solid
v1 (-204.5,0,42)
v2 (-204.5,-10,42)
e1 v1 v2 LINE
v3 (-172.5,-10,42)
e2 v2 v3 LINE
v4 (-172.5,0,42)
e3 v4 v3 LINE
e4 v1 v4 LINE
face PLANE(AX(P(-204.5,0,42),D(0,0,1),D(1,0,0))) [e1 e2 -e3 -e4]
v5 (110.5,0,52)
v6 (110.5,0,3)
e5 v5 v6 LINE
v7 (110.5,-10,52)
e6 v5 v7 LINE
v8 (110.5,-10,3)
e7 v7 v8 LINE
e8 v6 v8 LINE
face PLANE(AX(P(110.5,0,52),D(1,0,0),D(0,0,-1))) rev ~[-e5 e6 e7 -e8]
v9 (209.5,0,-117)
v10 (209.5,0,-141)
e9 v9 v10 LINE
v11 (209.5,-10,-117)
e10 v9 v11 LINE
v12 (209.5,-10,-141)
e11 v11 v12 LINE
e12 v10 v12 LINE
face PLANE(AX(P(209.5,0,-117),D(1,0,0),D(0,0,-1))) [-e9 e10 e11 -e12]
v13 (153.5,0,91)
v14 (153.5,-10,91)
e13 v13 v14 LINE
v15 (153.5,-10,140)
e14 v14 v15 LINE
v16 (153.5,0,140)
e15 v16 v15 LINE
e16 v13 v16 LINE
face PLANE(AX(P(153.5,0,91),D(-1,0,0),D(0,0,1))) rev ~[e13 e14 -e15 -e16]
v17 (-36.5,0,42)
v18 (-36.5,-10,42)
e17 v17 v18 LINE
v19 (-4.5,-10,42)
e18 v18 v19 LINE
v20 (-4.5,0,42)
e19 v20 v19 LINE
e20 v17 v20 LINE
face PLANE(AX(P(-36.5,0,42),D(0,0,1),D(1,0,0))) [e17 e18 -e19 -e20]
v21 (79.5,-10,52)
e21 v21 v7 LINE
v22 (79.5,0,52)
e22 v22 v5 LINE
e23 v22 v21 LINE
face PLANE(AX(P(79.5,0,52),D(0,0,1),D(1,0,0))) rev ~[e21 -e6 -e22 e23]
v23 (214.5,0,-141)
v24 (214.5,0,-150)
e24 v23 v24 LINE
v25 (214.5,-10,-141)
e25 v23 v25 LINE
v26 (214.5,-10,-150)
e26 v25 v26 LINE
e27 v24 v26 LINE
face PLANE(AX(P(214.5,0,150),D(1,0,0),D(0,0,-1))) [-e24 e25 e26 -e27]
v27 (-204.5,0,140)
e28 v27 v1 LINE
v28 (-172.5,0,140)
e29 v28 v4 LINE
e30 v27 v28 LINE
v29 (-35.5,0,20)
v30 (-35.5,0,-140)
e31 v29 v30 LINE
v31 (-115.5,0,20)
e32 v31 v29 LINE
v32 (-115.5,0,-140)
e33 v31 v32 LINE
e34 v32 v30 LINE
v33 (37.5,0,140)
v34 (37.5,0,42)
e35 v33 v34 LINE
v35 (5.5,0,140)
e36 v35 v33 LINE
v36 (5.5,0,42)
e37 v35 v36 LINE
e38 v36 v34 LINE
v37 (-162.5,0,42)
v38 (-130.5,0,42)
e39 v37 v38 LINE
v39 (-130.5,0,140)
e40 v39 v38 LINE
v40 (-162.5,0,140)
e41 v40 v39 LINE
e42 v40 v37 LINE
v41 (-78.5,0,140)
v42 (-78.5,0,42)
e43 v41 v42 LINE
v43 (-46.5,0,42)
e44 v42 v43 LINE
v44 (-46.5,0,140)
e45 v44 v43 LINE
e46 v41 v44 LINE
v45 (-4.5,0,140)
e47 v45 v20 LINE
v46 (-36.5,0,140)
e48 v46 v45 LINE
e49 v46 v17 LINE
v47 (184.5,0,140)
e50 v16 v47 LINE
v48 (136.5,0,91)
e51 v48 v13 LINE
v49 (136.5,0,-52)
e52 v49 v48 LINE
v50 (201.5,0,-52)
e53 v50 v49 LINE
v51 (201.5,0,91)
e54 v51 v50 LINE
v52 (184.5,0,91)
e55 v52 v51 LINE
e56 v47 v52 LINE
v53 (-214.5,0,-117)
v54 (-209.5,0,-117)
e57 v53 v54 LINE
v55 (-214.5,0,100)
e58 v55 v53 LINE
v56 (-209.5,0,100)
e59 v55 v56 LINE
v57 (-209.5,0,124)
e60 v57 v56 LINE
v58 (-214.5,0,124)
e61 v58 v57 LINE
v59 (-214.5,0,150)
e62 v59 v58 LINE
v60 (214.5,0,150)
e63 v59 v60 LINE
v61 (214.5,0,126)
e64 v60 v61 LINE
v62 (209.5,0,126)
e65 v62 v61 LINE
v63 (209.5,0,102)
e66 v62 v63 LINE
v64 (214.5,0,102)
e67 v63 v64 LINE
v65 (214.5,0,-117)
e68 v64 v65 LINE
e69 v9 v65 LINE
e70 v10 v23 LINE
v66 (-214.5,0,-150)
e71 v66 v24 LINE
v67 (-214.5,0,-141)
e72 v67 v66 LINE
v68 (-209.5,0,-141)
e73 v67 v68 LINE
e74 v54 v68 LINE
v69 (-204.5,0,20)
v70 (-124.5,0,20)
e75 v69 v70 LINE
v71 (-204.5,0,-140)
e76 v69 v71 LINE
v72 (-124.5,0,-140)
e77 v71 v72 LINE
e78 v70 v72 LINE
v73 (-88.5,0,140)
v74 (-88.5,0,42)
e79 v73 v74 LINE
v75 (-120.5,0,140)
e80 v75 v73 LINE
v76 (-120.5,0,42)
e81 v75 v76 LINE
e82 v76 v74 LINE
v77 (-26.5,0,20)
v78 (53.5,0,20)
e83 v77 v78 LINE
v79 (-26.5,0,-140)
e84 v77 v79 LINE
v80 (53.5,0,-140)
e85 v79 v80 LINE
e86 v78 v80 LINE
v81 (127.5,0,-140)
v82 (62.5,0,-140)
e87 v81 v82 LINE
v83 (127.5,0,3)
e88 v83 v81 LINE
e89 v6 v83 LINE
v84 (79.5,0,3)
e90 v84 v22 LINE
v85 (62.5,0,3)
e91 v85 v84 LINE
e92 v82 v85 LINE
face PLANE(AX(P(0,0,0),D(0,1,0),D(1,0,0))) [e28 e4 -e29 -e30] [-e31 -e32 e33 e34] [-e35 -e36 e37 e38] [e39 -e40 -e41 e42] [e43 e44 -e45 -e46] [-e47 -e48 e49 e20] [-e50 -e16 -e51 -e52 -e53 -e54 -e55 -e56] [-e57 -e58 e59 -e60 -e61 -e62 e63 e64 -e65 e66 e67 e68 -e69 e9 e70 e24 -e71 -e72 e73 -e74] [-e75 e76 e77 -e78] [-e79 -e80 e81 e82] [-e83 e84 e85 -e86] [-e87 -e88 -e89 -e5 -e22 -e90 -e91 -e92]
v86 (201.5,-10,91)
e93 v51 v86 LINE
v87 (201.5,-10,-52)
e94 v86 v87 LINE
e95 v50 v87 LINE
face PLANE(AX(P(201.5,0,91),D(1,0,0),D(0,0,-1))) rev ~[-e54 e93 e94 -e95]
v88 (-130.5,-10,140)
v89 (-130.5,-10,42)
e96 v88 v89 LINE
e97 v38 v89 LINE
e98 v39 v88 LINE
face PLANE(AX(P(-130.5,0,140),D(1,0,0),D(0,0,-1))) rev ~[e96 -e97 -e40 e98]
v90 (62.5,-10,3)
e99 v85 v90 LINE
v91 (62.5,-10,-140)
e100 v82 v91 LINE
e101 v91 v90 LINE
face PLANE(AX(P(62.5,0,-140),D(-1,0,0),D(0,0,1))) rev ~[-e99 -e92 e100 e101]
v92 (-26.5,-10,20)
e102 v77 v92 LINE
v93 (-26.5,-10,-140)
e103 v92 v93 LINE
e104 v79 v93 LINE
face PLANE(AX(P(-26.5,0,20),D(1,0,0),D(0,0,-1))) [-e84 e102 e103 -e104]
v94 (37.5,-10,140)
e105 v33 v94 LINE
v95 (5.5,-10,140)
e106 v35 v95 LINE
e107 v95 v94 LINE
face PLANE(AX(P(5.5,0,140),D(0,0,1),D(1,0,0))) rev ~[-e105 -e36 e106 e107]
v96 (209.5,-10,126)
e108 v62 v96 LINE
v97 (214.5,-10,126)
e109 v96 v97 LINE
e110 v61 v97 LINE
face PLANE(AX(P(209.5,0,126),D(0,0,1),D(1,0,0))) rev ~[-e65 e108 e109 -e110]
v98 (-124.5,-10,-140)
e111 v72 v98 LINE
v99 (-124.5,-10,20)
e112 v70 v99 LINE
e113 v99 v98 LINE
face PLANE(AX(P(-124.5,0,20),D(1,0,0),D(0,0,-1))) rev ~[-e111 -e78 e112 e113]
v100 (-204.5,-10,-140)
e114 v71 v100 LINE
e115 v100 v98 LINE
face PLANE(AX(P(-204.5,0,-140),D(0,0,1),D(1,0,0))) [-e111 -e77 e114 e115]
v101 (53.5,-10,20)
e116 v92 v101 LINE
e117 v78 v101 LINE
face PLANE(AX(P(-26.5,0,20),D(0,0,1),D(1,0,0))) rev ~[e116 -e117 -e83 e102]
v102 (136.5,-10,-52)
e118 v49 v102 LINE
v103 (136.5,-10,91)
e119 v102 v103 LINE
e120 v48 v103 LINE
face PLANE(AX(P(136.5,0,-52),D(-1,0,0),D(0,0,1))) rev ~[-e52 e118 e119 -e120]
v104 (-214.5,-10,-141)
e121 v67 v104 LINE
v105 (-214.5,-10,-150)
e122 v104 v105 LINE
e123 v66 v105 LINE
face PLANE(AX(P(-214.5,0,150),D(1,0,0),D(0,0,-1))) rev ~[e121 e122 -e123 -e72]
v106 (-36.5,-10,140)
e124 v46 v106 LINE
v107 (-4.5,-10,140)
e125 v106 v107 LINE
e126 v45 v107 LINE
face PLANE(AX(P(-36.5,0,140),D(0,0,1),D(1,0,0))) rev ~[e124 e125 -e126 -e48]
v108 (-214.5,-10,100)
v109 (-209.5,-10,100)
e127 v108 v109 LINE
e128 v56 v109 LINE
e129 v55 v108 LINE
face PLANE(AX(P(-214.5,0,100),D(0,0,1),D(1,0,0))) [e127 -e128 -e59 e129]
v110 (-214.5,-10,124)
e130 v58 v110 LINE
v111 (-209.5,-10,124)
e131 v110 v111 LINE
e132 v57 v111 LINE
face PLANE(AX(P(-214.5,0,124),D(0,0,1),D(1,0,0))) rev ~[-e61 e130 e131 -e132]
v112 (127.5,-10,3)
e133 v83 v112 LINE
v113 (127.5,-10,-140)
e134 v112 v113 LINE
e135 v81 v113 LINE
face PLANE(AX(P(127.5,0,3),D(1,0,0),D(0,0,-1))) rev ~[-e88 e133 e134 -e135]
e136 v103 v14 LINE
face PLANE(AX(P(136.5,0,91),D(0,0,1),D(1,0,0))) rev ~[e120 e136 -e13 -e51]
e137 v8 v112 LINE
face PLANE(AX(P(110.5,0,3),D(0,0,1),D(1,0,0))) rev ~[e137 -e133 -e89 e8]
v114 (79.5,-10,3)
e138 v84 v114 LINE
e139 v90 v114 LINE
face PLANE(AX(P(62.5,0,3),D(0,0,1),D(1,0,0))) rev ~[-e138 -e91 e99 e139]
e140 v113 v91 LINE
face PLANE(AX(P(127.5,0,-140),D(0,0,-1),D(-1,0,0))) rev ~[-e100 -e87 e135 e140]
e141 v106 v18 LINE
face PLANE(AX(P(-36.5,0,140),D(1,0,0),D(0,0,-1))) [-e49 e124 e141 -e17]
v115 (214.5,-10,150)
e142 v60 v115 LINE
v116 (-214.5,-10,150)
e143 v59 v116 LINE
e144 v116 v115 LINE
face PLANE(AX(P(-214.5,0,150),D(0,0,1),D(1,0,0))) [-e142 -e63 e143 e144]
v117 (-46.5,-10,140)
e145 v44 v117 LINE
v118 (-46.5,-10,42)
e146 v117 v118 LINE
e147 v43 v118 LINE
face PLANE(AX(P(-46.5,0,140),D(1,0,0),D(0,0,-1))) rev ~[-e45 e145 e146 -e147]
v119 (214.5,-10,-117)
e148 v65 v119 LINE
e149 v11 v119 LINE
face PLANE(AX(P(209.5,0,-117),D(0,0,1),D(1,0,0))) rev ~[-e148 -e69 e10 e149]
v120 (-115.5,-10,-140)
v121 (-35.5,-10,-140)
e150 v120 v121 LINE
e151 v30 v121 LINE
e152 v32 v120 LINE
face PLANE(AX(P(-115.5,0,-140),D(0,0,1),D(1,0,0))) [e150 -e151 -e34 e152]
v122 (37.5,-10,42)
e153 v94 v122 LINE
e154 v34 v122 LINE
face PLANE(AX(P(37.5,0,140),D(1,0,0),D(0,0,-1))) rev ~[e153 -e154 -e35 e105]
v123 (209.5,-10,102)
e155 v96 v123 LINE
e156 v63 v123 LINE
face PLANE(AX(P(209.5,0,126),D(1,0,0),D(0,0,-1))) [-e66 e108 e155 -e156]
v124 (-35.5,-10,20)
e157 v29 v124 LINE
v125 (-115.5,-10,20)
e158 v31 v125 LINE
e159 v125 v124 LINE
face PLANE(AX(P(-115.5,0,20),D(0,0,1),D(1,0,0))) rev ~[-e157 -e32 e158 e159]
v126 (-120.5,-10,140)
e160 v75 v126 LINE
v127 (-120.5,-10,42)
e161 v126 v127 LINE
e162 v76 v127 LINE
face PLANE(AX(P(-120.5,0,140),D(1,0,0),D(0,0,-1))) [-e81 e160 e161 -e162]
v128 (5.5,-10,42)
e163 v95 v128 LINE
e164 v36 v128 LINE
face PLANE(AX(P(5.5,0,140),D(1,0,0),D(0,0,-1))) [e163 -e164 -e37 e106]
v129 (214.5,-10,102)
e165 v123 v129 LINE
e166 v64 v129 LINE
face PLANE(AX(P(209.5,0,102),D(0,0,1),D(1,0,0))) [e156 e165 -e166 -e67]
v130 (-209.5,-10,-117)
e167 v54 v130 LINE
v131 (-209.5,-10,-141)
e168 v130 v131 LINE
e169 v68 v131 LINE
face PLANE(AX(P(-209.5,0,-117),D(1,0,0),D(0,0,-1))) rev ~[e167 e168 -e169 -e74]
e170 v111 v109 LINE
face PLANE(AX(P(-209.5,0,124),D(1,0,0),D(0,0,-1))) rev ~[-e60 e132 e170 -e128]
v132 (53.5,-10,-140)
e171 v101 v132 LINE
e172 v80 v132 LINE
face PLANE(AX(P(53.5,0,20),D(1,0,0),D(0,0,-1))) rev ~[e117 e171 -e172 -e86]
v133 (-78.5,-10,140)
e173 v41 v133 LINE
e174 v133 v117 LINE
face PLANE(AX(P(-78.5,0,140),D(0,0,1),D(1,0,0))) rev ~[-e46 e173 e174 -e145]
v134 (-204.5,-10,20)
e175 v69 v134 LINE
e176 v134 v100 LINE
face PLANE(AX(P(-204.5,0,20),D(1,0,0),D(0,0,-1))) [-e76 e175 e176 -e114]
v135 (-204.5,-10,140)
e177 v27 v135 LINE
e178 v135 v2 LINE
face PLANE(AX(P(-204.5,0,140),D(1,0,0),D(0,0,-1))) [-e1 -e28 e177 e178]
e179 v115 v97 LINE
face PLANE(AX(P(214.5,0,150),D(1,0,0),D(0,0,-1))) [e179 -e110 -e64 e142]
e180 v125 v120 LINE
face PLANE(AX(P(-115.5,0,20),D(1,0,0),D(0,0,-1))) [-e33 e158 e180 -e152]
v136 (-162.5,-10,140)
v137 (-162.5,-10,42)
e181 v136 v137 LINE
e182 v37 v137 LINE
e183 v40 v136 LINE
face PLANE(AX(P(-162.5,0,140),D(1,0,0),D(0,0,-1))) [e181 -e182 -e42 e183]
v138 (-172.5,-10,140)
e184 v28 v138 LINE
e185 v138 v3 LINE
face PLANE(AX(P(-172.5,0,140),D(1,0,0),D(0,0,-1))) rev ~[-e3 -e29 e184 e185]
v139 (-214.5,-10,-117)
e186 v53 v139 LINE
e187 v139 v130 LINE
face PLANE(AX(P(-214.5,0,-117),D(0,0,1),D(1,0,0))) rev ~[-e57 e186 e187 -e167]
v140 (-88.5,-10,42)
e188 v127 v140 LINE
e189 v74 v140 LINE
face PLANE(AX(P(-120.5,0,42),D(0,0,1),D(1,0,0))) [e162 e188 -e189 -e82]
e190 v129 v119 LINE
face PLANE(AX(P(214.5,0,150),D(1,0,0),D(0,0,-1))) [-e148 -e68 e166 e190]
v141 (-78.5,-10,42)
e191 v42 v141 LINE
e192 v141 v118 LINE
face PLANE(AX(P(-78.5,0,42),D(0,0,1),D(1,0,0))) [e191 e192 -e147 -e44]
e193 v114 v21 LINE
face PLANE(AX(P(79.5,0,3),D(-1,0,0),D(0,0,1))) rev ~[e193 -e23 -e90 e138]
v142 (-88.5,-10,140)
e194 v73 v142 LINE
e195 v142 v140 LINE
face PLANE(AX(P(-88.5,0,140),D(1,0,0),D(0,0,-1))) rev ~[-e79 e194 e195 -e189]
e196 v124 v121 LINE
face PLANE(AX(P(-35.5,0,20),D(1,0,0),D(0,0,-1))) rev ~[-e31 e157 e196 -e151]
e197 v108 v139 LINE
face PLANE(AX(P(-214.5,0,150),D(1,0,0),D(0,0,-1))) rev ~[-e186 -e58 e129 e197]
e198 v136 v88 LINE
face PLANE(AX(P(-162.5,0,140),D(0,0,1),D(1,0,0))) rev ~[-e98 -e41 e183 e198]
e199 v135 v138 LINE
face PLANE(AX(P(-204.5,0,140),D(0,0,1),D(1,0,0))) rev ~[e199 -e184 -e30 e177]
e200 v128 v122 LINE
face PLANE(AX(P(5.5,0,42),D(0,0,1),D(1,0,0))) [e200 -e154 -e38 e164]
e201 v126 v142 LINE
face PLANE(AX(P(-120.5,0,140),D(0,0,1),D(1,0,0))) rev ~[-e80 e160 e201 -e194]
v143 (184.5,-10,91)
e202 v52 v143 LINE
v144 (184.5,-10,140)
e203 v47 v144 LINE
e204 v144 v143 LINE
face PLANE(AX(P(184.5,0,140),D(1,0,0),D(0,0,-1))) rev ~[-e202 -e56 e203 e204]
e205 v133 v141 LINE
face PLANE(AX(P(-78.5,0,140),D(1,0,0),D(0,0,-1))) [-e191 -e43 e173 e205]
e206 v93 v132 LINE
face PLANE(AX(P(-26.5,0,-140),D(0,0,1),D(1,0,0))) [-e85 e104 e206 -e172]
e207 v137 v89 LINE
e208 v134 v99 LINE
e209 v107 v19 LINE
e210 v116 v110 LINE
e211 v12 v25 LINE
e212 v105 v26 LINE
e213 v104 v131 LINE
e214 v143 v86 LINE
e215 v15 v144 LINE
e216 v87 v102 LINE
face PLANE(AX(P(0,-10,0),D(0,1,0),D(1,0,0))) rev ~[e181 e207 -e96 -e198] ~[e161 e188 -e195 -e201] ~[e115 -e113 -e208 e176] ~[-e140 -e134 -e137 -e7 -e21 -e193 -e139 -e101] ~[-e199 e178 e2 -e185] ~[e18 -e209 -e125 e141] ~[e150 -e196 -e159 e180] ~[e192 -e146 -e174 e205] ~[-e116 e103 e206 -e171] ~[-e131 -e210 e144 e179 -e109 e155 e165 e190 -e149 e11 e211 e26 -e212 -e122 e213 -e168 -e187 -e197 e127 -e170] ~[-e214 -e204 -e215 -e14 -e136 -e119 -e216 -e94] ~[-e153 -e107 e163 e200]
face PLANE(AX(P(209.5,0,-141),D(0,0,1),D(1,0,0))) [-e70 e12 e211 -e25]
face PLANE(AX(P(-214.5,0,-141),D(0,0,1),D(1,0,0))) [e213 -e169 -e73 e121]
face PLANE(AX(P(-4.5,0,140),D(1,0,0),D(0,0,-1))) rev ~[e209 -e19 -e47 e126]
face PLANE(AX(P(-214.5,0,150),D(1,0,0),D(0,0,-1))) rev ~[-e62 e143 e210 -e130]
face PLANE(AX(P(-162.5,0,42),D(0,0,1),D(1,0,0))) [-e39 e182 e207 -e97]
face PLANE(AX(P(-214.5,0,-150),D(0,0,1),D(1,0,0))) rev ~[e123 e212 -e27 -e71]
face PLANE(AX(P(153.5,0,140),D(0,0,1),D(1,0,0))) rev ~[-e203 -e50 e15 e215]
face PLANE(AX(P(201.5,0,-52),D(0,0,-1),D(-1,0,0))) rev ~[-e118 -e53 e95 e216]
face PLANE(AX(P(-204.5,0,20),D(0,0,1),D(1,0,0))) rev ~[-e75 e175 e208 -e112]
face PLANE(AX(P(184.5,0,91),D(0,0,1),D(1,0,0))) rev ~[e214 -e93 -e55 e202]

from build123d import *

# Parameters (mm, degrees)
SKETCH1_W           = 429
SKETCH1_H           = 300
BOSS_EXTRUDE1_DEPTH = 10
SKETCH2_W           = 80
SKETCH2_H           = 160
SKETCH2_W_2         = 32
SKETCH2_H_2         = 98
SKETCH2_W_3         = 5
SKETCH2_H_3         = 24
CUT_EXTRUDE1_DEPTH  = 10


with BuildPart() as part:
    # Sketch1 → Boss-Extrude1 (new body)
    with BuildSketch(Plane(origin=(0, 0, 0), x_dir=(1, 0, 0), z_dir=(0, 1, 0))):
        Rectangle(SKETCH1_W, SKETCH1_H)
    extrude(amount=-BOSS_EXTRUDE1_DEPTH)

    # Sketch2 → Cut-Extrude1 (cut)
    with BuildSketch(Plane(origin=(0, 0, 0), x_dir=(1, 0, 0), z_dir=(0, 1, 0))):
        with Locations((-164.5, 60)):
            Rectangle(SKETCH2_W, SKETCH2_H)
        with Locations((-75.5, 60)):
            Rectangle(SKETCH2_W, SKETCH2_H)
        with Locations((13.5, 60)):
            Rectangle(SKETCH2_W, SKETCH2_H)
        Polygon((127.5, 140), (62.5, 140), (62.5, -3), (79.5, -3), (79.5, -52), (110.5, -52), (110.5, -3), (127.5, -3), align=None)
        with Locations((-146.5, -91)):
            Rectangle(SKETCH2_W_2, SKETCH2_H_2)
        with Locations((-188.5, -91)):
            Rectangle(SKETCH2_W_2, SKETCH2_H_2)
        with Locations((-104.5, -91)):
            Rectangle(SKETCH2_W_2, SKETCH2_H_2)
        with Locations((-62.5, -91)):
            Rectangle(SKETCH2_W_2, SKETCH2_H_2)
        with Locations((-20.5, -91)):
            Rectangle(SKETCH2_W_2, SKETCH2_H_2)
        with Locations((21.5, -91)):
            Rectangle(SKETCH2_W_2, SKETCH2_H_2)
        Polygon((153.5, -140), (184.5, -140), (184.5, -91), (201.5, -91), (201.5, 52), (136.5, 52), (136.5, -91), (153.5, -91), align=None)
        with Locations((-212, 129)):
            Rectangle(SKETCH2_W_3, SKETCH2_H_3)
        with Locations((212, -114)):
            Rectangle(SKETCH2_W_3, SKETCH2_H_3)
        with Locations((212, 129)):
            Rectangle(SKETCH2_W_3, SKETCH2_H_3)
        with Locations((-212, -112)):
            Rectangle(SKETCH2_W_3, SKETCH2_H_3)
    extrude(amount=-CUT_EXTRUDE1_DEPTH, mode=Mode.SUBTRACT)


solid = part.part
